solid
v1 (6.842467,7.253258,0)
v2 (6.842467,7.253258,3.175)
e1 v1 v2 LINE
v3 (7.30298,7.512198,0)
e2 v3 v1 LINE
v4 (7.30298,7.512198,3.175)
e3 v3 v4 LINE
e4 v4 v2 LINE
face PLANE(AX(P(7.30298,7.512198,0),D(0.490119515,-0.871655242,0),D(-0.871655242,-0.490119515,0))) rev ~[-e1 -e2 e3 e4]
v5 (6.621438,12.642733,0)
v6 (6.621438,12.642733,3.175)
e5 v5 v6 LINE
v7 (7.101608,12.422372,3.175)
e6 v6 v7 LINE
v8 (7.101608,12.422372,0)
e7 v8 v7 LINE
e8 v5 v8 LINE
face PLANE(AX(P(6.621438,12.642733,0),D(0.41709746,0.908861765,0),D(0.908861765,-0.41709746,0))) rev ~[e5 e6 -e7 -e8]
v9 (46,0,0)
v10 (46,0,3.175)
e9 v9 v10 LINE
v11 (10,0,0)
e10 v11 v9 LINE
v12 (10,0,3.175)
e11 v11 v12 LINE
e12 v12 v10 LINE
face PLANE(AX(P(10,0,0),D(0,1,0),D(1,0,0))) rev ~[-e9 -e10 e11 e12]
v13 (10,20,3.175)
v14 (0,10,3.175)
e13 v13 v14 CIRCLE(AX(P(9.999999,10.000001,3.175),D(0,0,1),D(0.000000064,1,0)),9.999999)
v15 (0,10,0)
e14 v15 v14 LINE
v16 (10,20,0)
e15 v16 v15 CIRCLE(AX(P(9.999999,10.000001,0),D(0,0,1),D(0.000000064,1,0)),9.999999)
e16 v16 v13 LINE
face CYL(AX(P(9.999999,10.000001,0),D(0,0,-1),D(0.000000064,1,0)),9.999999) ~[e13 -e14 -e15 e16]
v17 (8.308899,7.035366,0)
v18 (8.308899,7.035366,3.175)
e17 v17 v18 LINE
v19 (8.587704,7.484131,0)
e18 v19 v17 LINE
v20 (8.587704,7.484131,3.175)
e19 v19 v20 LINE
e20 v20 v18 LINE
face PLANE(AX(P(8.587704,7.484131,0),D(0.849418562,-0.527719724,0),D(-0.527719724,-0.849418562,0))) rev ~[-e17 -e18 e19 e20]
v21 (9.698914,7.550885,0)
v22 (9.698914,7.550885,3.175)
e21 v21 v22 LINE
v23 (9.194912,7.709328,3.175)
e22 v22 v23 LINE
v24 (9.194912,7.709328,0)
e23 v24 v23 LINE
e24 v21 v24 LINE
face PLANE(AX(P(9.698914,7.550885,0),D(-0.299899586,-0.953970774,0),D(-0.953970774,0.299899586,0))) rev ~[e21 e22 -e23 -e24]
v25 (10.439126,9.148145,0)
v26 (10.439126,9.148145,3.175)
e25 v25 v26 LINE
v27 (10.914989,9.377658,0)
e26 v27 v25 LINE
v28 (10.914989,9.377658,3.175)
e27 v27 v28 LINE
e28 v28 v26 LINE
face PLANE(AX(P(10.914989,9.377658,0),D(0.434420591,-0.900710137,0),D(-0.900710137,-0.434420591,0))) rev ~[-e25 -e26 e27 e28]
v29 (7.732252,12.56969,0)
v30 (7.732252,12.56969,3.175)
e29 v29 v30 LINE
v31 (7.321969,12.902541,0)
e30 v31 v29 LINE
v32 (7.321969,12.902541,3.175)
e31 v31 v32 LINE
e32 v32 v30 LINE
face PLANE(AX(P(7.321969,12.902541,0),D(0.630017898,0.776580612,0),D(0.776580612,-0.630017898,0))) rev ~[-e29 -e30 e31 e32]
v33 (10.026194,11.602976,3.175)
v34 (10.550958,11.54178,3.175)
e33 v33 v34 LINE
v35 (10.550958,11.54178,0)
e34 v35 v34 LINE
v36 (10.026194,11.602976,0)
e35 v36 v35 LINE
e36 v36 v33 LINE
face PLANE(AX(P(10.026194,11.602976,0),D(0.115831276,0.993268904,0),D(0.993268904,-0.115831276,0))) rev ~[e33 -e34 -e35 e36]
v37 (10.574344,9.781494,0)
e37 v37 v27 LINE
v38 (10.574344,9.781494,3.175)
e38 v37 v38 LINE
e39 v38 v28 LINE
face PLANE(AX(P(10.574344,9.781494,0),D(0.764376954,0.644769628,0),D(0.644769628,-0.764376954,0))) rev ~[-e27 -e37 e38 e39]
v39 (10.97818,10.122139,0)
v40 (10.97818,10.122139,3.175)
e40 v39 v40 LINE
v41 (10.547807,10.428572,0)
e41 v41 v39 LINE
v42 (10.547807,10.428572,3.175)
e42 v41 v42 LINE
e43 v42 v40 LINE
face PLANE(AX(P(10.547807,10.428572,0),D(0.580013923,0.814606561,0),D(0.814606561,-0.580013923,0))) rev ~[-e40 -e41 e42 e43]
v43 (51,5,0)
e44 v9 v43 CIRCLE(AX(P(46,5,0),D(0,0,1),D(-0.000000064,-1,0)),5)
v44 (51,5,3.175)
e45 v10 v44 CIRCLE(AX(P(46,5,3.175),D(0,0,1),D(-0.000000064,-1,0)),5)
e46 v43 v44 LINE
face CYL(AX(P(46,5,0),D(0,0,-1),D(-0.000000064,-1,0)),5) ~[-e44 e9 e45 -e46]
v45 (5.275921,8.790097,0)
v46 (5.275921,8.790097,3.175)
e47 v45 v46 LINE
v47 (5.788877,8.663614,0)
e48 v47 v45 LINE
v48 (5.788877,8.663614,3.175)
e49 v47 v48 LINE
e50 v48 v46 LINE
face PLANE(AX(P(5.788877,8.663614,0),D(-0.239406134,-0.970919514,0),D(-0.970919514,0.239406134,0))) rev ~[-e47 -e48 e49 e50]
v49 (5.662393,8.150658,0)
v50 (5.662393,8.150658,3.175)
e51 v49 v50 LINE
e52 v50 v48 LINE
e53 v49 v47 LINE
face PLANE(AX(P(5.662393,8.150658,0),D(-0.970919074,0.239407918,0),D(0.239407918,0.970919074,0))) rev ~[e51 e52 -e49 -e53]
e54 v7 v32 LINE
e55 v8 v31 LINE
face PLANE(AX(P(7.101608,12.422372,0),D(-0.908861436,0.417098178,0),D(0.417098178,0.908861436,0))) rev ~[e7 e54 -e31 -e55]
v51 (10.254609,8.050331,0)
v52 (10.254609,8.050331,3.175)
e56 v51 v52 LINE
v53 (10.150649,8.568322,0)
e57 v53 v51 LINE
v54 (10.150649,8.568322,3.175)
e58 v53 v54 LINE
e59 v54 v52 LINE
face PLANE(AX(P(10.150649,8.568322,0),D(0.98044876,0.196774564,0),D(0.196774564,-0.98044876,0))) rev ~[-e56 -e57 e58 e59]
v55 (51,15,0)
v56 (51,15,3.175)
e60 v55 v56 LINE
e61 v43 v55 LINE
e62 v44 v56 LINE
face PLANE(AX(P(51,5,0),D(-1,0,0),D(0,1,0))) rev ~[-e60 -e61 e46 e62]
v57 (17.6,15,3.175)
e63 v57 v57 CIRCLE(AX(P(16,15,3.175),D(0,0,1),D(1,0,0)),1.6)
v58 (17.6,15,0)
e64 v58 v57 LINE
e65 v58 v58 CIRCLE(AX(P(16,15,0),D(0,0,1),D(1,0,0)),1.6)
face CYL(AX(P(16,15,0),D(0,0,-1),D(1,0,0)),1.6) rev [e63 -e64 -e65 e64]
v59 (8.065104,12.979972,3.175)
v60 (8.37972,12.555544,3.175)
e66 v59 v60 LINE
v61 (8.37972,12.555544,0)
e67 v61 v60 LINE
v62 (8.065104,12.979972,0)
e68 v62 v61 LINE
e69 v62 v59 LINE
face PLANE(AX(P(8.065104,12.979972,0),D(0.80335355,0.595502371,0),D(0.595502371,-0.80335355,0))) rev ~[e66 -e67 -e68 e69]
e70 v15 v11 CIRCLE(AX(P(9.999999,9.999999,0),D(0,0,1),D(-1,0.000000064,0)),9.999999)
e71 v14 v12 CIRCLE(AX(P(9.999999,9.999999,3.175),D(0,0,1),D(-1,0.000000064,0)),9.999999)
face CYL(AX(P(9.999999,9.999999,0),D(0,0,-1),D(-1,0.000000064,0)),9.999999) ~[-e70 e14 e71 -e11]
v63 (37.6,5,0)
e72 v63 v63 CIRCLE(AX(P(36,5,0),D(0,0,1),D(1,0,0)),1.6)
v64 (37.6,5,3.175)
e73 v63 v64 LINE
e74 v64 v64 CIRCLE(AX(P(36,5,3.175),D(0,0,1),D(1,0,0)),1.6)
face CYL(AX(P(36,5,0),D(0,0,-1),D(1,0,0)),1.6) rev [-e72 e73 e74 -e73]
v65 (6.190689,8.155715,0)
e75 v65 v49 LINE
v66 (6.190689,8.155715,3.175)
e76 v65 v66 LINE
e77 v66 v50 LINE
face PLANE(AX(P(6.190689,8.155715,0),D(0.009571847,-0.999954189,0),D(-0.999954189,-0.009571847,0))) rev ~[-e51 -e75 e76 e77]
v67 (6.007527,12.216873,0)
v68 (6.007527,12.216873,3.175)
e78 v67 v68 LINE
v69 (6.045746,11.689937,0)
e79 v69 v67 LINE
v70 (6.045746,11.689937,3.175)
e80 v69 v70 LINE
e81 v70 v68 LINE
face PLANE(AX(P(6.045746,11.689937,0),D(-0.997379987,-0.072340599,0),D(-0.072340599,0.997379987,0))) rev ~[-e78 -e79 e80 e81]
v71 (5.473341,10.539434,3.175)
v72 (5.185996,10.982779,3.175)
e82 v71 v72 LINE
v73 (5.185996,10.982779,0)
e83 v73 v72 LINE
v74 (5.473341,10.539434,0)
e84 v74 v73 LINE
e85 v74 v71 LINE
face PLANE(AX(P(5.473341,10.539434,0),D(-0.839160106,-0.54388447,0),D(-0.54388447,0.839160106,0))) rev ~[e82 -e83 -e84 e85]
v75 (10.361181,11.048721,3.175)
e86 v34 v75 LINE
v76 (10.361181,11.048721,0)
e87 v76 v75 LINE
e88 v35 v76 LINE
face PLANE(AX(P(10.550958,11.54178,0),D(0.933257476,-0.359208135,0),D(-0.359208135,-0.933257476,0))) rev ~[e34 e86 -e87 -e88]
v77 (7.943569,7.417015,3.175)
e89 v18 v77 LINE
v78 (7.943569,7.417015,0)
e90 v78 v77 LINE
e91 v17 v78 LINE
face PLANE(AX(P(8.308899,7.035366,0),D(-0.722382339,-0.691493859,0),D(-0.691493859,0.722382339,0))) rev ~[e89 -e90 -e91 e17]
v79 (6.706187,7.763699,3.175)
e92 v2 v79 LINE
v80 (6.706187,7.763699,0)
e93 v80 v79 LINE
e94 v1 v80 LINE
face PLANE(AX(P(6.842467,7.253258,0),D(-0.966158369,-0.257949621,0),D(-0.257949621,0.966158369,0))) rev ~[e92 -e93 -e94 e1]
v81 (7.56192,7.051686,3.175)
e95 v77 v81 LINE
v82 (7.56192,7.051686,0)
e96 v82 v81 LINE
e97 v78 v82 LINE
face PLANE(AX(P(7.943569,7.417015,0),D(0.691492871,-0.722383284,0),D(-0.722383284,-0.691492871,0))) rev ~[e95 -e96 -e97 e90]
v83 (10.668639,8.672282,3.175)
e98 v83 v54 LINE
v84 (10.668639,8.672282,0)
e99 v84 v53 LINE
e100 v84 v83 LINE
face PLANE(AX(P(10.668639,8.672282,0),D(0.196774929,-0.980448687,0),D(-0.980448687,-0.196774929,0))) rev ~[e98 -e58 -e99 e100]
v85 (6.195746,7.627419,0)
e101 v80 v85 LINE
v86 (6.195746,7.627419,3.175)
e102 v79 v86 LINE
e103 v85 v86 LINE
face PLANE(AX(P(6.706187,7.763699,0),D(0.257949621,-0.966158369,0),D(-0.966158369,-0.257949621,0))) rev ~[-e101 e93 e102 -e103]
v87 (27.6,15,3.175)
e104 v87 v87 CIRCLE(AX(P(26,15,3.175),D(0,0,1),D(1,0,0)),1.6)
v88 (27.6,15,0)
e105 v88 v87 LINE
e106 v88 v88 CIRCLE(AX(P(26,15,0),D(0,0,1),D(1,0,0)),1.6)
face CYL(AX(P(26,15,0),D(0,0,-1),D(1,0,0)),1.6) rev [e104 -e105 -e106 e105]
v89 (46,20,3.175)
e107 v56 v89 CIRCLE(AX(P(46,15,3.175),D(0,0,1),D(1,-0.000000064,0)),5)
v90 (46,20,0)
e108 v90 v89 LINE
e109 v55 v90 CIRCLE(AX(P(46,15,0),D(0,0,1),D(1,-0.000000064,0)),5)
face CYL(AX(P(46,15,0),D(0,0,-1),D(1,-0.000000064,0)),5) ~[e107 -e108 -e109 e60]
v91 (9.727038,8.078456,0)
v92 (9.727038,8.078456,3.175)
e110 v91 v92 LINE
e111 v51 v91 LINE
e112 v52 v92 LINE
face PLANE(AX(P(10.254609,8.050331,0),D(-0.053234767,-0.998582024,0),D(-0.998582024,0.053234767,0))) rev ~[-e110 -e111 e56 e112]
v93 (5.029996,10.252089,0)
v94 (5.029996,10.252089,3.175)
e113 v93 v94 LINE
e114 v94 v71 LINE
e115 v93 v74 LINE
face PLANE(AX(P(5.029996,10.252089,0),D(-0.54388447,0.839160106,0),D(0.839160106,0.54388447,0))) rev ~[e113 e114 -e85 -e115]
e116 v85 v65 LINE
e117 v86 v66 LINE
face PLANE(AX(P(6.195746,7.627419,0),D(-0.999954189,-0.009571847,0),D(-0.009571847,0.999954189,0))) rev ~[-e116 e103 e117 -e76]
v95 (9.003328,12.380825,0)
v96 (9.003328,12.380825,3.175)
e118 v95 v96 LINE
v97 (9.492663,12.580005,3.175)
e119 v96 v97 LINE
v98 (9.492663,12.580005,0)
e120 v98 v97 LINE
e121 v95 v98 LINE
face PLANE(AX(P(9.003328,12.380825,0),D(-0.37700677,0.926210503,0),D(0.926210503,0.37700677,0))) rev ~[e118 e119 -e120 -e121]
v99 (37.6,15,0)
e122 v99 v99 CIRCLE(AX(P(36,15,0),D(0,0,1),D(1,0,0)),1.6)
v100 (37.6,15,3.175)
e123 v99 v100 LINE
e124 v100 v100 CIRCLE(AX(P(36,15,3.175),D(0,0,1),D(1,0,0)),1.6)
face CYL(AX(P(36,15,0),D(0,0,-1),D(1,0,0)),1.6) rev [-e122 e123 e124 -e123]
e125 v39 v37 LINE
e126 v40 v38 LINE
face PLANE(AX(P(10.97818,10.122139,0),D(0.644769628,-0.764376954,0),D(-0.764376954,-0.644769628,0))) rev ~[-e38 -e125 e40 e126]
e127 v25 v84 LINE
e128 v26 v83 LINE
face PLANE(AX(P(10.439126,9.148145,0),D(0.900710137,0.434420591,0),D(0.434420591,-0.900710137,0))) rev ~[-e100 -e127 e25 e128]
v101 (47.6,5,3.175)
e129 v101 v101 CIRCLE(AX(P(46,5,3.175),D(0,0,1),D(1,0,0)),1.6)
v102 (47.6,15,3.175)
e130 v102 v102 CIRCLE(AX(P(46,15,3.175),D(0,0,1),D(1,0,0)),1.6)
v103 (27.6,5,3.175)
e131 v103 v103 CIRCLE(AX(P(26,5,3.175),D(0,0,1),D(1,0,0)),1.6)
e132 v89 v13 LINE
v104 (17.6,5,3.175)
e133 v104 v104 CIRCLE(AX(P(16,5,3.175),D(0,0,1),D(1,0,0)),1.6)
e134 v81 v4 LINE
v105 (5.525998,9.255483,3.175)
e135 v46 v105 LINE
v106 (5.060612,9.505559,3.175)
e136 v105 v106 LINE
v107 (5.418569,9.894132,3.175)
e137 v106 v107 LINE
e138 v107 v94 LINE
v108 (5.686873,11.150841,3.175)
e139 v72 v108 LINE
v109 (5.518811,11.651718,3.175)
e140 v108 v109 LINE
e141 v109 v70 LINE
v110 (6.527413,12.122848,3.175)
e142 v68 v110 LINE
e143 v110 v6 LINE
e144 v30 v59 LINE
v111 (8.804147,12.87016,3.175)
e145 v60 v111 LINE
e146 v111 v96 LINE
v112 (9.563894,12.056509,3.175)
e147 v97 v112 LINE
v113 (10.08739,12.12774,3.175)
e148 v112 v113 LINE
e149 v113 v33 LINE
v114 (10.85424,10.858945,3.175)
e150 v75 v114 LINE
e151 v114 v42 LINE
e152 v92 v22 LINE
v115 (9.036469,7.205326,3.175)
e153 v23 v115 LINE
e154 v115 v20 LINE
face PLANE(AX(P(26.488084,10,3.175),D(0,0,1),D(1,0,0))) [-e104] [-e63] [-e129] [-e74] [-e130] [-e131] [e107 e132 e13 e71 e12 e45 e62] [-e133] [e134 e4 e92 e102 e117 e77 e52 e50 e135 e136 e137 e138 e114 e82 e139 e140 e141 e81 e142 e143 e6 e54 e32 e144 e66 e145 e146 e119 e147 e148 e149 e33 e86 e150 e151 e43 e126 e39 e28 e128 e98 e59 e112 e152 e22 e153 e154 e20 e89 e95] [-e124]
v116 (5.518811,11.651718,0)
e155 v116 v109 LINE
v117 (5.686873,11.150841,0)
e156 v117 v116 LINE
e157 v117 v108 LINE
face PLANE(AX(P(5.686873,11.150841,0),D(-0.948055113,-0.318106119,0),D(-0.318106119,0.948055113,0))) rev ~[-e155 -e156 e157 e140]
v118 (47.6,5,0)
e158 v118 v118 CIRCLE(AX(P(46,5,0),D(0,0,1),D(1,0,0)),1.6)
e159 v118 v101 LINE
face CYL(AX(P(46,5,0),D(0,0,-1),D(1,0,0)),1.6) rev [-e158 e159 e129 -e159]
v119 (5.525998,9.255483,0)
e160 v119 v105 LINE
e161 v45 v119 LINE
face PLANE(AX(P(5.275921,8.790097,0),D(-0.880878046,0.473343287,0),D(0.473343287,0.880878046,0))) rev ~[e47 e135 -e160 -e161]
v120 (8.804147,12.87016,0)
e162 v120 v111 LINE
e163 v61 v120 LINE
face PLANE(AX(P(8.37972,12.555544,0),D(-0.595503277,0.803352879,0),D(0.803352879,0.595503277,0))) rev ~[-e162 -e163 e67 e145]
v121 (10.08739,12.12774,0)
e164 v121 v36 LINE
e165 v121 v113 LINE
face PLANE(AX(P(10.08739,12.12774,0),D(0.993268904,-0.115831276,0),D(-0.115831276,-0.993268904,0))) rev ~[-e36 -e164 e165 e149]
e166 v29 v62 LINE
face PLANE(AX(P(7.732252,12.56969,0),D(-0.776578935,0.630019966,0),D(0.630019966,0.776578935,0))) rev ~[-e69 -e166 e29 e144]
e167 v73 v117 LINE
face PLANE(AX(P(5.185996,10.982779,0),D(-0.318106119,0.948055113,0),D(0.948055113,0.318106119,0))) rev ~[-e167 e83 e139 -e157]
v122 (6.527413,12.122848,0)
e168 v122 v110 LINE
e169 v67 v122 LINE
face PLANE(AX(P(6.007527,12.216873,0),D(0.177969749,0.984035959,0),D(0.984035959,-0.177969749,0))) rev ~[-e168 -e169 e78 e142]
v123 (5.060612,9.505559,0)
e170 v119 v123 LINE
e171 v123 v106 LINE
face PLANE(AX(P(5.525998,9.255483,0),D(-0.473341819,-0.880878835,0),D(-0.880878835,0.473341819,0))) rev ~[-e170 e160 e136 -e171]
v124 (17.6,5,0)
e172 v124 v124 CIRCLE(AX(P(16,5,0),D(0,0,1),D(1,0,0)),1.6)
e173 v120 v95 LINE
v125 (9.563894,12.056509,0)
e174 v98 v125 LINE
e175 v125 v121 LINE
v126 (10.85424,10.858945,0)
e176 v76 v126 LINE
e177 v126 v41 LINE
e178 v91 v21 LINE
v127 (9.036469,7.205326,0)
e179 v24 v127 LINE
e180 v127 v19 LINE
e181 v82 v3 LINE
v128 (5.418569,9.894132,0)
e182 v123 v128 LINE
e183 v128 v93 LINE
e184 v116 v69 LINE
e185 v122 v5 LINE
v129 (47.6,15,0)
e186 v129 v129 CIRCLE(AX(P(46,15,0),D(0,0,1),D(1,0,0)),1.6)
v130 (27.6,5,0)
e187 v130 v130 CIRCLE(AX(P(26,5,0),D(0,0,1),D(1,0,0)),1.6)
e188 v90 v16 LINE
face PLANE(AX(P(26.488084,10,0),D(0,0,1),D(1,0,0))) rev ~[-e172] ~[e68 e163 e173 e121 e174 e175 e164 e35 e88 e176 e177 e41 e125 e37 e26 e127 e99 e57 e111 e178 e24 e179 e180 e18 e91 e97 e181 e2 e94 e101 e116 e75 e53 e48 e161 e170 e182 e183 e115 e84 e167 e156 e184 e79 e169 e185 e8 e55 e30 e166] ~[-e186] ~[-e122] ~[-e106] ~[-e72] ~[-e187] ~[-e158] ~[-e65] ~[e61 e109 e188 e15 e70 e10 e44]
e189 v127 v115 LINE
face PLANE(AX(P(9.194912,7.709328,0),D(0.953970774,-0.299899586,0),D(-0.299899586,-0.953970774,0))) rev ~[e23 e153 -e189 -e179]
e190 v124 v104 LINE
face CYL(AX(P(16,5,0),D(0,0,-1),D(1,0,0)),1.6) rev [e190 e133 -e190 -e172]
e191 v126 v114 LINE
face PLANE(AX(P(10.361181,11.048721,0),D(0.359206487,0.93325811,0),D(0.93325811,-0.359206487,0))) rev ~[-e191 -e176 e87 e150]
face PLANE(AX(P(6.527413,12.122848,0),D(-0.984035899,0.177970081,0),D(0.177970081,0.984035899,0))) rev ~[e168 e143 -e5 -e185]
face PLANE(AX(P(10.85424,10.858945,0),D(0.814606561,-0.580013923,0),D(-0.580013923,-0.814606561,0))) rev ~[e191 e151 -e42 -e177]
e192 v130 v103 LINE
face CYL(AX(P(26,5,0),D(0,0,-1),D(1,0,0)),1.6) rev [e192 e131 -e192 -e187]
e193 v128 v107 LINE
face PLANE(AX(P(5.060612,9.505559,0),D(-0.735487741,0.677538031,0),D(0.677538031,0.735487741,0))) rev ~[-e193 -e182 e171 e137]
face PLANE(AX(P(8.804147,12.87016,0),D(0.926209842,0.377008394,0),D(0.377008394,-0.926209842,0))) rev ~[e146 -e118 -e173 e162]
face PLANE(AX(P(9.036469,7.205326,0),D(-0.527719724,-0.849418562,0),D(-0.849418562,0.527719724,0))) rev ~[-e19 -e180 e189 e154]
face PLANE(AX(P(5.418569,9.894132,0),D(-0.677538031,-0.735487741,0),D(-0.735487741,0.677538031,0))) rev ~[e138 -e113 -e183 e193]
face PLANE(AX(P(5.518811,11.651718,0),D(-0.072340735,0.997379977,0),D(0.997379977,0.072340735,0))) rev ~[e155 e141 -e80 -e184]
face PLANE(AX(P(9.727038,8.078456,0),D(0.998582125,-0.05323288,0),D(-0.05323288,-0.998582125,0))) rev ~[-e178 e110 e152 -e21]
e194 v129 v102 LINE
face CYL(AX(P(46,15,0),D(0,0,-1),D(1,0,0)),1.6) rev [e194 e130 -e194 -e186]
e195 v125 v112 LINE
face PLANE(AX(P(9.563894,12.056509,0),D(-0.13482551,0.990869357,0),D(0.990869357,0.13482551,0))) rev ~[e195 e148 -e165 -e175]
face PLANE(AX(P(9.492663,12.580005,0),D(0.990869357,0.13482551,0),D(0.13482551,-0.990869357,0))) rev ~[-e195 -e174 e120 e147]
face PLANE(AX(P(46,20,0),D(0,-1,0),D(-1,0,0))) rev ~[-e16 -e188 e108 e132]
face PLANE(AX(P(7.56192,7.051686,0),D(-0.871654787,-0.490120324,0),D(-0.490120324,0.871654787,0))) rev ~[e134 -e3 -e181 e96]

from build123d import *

# Parameters (mm, degrees)
F0_R     = 1.6
F1_DEPTH = 3.175


with BuildPart() as f1:
    # F0 (on Top) → F1 (new body)
    with BuildSketch(Plane.XY):
        with BuildLine():
            ThreePointArc((0, 10), (2.928932, 2.928932), (10, 0))
            Line((10, 0), (46, 0))
            ThreePointArc((46, 0), (49.535534, 1.464466), (51, 5))
            Line((51, 5), (51, 15))
            ThreePointArc((51, 15), (49.535534, 18.535534), (46, 20))
            Line((46, 20), (10, 20))
            ThreePointArc((10, 20), (2.928932, 17.071068), (0, 10))
        make_face()
        with Locations((16, 5)):
            Circle(F0_R, mode=Mode.SUBTRACT)
        with Locations((26, 5)):
            Circle(F0_R, mode=Mode.SUBTRACT)
        with Locations((36, 5)):
            Circle(F0_R, mode=Mode.SUBTRACT)
        with Locations((46, 5)):
            Circle(F0_R, mode=Mode.SUBTRACT)
        Polygon((5.686873, 11.150841), (5.518811, 11.651718), (6.045746, 11.689937), (6.007527, 12.216873), (6.527413, 12.122848), (6.621438, 12.642733), (7.101608, 12.422372), (7.321969, 12.902541), (7.732252, 12.56969), (8.065104, 12.979972), (8.37972, 12.555544), (8.804147, 12.87016), (9.003328, 12.380825), (9.492663, 12.580005), (9.563894, 12.056509), (10.08739, 12.12774), (10.026194, 11.602976), (10.550958, 11.54178), (10.361181, 11.048721), (10.85424, 10.858945), (10.547807, 10.428572), (10.97818, 10.122139), (10.574344, 9.781494), (10.914989, 9.377658), (10.439126, 9.148145), (10.668639, 8.672282), (10.150649, 8.568322), (10.254609, 8.050331), (9.727038, 8.078456), (9.698914, 7.550885), (9.194912, 7.709328), (9.036469, 7.205326), (8.587704, 7.484131), (8.308899, 7.035366), (7.943569, 7.417015), (7.56192, 7.051686), (7.30298, 7.512198), (6.842467, 7.253258), (6.706187, 7.763699), (6.195746, 7.627419), (6.190689, 8.155715), (5.662393, 8.150658), (5.788877, 8.663614), (5.275921, 8.790097), (5.525998, 9.255483), (5.060612, 9.505559), (5.418569, 9.894132), (5.029996, 10.252089), (5.473341, 10.539434), (5.185996, 10.982779), align=None, mode=Mode.SUBTRACT)
        with Locations((16, 15)):
            Circle(F0_R, mode=Mode.SUBTRACT)
        with Locations((26, 15)):
            Circle(F0_R, mode=Mode.SUBTRACT)
        with Locations((36, 15)):
            Circle(F0_R, mode=Mode.SUBTRACT)
        with Locations((46, 15)):
            Circle(F0_R, mode=Mode.SUBTRACT)
    extrude(amount=F1_DEPTH)


solid = f1.part
